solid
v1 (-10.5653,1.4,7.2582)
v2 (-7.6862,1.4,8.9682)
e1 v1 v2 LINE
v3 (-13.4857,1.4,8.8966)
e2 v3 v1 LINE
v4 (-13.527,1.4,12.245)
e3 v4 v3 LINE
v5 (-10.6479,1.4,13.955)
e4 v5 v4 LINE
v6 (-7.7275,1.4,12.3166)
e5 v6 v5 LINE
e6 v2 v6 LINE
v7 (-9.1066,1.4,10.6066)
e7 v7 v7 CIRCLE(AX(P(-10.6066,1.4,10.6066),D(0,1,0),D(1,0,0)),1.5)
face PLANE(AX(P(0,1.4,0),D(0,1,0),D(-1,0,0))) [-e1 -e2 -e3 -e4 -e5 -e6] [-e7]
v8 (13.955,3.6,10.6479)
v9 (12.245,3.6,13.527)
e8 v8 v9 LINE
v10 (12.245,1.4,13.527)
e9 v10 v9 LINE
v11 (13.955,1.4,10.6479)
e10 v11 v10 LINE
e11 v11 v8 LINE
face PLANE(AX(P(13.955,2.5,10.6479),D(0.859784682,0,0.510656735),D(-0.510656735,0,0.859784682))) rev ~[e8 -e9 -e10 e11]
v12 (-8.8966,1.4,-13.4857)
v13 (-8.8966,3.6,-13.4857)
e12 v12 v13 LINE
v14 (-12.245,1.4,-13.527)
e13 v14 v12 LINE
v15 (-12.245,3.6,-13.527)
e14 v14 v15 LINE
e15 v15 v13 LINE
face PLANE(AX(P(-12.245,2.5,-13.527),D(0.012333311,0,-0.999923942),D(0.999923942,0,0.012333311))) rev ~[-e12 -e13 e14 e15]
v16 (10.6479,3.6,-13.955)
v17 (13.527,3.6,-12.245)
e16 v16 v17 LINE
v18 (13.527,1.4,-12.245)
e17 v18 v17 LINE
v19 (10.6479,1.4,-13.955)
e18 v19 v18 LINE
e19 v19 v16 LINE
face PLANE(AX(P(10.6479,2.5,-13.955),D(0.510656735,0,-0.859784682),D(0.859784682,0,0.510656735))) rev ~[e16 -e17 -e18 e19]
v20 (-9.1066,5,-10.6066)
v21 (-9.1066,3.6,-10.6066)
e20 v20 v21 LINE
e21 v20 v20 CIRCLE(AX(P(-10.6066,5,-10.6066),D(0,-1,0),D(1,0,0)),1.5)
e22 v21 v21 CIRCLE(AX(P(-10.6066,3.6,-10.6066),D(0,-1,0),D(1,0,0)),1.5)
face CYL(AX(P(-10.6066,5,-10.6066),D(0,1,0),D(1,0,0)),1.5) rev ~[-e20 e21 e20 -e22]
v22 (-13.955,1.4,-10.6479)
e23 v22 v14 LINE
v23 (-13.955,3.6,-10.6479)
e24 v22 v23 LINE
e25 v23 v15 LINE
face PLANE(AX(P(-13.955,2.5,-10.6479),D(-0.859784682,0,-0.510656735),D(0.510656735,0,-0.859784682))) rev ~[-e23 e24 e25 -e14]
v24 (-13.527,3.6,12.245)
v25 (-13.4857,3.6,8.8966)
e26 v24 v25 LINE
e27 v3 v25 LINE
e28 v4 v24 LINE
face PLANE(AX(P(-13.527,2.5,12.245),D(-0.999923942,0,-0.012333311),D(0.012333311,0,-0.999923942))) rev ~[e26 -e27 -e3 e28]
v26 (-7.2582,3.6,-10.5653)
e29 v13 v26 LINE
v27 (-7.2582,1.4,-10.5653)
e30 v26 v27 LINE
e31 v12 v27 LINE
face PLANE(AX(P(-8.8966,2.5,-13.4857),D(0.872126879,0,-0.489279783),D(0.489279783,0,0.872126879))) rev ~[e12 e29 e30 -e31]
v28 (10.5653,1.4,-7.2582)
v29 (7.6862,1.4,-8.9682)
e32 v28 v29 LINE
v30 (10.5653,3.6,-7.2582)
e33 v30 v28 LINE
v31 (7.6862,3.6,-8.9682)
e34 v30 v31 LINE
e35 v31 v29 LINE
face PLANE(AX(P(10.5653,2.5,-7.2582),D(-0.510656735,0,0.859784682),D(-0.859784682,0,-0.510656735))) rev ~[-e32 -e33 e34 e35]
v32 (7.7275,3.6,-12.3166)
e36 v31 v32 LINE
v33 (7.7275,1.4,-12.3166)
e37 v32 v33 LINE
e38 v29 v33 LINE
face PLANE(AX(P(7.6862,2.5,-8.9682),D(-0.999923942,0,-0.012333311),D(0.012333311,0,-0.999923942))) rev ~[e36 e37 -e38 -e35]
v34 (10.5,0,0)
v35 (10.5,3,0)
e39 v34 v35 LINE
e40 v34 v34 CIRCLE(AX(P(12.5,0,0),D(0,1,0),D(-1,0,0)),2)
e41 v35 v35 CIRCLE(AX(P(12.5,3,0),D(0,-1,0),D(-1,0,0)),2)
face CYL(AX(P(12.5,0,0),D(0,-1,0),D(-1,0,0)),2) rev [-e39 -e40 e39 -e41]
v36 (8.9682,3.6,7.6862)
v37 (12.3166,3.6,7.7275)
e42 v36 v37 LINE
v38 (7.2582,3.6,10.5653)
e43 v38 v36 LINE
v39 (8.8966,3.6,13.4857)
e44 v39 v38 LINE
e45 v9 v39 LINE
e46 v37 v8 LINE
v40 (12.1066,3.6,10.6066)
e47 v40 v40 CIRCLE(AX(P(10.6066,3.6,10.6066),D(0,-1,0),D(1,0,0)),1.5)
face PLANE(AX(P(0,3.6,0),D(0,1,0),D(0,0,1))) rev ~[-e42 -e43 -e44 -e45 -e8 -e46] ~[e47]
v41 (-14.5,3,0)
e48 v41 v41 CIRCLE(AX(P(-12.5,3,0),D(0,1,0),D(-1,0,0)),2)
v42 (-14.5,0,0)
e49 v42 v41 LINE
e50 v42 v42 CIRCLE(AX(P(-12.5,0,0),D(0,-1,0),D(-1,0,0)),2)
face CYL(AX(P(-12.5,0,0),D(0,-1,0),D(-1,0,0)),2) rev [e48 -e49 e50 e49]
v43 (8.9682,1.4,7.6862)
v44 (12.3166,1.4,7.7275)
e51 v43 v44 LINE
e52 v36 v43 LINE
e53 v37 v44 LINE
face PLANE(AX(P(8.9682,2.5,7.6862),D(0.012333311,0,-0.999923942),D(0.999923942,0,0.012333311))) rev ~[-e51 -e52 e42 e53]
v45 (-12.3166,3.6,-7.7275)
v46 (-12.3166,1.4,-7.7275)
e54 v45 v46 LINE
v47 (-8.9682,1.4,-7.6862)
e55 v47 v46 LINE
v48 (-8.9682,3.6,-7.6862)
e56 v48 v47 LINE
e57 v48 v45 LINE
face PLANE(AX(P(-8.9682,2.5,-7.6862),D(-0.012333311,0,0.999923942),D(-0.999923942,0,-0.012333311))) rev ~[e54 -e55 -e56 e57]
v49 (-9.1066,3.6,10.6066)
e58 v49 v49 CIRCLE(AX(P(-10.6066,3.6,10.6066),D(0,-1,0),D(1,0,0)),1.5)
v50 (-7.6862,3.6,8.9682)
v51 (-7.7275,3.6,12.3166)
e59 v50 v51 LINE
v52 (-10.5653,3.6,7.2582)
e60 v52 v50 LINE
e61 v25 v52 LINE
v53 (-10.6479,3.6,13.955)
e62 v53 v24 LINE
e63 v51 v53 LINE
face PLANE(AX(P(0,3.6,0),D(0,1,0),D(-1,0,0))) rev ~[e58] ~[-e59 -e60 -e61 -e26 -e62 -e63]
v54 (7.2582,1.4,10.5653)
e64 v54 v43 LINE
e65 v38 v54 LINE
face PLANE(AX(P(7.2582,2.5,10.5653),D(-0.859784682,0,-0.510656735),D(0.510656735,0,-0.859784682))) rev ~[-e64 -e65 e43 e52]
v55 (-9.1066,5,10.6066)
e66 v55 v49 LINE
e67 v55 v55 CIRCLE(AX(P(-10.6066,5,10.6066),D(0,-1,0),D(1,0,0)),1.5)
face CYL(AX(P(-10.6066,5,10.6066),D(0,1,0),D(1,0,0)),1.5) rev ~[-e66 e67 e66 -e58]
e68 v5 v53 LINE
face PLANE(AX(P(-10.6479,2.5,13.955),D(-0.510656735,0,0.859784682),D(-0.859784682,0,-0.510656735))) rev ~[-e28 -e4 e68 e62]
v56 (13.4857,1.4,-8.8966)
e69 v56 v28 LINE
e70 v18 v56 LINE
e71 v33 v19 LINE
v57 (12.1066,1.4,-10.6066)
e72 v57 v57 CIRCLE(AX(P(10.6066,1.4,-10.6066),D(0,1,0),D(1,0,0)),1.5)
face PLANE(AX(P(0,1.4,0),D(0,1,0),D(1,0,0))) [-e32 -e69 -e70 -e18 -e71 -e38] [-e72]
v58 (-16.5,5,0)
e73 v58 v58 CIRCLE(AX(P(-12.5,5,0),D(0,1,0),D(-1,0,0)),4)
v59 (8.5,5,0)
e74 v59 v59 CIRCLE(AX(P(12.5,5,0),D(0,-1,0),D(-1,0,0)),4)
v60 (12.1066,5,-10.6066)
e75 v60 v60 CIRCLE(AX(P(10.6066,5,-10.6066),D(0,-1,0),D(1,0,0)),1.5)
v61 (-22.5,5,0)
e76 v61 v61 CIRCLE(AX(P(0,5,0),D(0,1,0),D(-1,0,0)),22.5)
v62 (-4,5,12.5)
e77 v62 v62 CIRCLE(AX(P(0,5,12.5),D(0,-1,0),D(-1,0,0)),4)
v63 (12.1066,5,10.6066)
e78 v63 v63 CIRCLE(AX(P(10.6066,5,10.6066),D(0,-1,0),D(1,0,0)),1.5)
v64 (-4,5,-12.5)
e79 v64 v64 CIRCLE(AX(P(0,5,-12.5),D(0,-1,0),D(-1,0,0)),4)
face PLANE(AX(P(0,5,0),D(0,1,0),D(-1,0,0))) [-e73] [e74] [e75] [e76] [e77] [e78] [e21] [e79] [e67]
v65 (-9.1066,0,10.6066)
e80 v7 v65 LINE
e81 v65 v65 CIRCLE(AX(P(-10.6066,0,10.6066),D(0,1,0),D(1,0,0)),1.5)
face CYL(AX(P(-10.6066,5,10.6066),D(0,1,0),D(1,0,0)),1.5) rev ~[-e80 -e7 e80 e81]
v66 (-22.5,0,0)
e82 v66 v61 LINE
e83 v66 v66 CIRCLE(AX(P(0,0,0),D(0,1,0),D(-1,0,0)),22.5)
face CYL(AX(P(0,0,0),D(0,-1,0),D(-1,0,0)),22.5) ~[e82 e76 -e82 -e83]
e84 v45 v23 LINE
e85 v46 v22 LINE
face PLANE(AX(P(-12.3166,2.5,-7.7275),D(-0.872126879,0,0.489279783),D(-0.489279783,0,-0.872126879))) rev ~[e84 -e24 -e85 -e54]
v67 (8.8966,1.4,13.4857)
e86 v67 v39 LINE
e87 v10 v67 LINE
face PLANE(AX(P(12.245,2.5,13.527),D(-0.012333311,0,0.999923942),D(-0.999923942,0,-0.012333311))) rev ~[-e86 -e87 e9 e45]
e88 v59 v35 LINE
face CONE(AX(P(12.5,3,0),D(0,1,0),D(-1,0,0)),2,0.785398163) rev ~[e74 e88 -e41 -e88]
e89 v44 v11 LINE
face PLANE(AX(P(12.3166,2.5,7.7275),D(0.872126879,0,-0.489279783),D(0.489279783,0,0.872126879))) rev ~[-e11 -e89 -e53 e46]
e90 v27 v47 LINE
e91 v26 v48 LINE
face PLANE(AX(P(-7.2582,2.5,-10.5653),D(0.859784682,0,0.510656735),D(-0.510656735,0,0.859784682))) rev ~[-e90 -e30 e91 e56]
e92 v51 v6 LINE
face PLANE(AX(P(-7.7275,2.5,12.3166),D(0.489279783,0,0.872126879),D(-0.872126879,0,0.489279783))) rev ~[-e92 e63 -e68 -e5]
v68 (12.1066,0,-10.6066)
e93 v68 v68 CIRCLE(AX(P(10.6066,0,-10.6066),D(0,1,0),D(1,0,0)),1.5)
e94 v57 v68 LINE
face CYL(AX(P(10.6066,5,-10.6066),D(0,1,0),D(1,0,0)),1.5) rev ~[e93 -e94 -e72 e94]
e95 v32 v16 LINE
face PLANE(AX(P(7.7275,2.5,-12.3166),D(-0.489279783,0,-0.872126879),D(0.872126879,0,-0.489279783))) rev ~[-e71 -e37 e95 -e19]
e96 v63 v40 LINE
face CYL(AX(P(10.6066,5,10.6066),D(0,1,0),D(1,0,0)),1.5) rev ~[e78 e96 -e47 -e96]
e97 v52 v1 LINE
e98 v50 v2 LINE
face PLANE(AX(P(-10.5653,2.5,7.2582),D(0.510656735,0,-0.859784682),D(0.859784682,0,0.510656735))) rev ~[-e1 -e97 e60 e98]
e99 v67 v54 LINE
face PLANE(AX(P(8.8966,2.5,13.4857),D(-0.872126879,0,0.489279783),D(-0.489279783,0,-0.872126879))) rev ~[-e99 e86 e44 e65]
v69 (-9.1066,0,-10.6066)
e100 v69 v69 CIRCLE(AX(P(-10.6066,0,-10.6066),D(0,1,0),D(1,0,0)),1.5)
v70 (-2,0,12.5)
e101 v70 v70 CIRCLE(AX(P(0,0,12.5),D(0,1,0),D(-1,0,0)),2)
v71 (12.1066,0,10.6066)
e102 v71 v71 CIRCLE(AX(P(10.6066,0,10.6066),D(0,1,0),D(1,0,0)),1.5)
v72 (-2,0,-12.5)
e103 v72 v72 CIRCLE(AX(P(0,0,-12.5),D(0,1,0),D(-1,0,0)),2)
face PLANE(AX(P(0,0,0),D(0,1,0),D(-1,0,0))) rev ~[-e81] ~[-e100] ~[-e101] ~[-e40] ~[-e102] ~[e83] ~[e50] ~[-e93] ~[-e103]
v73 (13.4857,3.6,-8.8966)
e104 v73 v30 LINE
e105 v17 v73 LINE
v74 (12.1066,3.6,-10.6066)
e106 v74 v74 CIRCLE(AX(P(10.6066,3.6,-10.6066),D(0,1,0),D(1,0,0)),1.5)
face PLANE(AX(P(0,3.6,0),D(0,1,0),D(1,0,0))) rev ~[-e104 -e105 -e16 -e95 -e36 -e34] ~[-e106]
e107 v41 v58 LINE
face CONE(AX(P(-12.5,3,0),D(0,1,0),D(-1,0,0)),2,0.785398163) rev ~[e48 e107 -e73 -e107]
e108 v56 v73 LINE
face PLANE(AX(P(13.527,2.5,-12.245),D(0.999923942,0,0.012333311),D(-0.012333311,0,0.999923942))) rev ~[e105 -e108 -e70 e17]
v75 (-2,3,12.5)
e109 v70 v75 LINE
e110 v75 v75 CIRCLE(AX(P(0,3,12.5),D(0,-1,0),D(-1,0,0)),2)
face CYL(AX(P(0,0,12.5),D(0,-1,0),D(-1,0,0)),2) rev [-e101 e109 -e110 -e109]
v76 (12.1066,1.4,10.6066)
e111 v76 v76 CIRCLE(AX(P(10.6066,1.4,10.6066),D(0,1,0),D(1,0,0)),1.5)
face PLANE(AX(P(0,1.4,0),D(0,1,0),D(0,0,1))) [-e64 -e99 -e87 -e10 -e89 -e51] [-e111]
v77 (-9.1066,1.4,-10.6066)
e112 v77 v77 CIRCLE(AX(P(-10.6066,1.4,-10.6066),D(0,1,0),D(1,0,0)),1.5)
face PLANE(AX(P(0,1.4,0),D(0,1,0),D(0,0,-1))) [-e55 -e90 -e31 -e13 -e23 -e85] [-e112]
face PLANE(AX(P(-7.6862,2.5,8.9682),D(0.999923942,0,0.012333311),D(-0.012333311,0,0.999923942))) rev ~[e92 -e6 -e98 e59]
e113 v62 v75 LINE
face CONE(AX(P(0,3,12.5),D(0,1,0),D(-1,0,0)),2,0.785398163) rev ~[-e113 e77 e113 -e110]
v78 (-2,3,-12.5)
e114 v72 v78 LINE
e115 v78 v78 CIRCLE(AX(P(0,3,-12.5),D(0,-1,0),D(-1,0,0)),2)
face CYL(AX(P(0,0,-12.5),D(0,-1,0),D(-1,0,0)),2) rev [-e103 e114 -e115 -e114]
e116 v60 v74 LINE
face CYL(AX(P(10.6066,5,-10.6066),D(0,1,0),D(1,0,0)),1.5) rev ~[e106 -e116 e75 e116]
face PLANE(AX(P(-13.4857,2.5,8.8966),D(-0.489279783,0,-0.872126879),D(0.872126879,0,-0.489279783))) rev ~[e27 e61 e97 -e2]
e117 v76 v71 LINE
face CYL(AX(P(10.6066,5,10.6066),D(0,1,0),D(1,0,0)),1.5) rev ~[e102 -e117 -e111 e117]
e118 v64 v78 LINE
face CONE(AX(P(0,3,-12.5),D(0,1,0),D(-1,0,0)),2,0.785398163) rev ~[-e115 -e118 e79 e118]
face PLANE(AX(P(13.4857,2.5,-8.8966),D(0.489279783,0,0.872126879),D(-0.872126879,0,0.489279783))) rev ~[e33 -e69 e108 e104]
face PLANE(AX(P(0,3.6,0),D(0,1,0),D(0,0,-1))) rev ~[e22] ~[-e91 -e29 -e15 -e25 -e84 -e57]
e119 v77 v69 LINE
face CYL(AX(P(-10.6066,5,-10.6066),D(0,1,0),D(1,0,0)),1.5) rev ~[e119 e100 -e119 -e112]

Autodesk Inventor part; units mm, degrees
ref_plane "YZ Plane" through (0, 0, 0) normal (1, 0, 0) x (0, 1, 0)
ref_plane "XZ Plane" through (0, 0, 0) normal (0, 1, 0) x (-1, 0, 0)
sketch "Sketch1" plane through (0, 0, 0) normal (0, 1, 0) x (-1, 0, 0)
  circle A0 centre (0, 0) radius 12.5
  circle A1 centre (12.5, 0) radius 2
  circle A2 centre (0, 12.5) radius 2
  circle A3 centre (-12.5, 0) radius 2
  circle A4 centre (0, -12.5) radius 2
  circle A5 centre (0, 0) radius 22.5
  dimension "d0" = 25
  dimension "d1" = 4
  dimension "d4" = 360
  dimension "d6" = 45
extrude "Extrusion1" add sketch "Sketch1" along normal blind 5 contours A1 A0 A4 A3 A2 | A5
chamfer "Chamfer1" distance 2 angle 45 4 edges at (-10.5, 5, 0) (2, 5, 12.5) (14.5, 5, 0) (2, 5, -12.5)
sketch "Sketch2" plane through (0, 5, 0) normal (0, 1, 0) x (1, 0, 0)
  circle A0 centre (0, 0) radius 15
  line L0 (0, 0) -> (-15, 0)
  line L1 (0, 0) -> (-10.6066, -10.6066)
  circle A1 centre (-10.6066, -10.6066) radius 1.5
  circle A2 centre (10.6066, -10.6066) radius 1.5
  circle A3 centre (10.6066, 10.6066) radius 1.5
  circle A4 centre (-10.6066, 10.6066) radius 1.5
  dimension "d12" = 30
  dimension "d13" = 45
  dimension "d14" = 3
  dimension "d17" = 360
extrude "Extrusion2" cut sketch "Sketch2" against normal blind 5 contours A3 A0 | A0 A3 | A2 A0 | A0 A2 | A4 A0 | A0 A4 | A1 A0 | A0 L1 A1 | A0 A1 L1
ref_plane "Work Plane1" through (0, 2.5, 0) normal (0, 1, 0) x (1, 0, 0)
sketch "Sketch4" plane through (0, 2.5, 0) normal (0, 1, 0) x (1, 0, 0)
  circle A0 centre (10.6066, 10.6066) radius 1.5 projected
  circle A1 centre (10.6066, -10.6066) radius 1.5 projected
  circle A2 centre (-10.6066, -10.6066) radius 1.5 projected
  circle A3 centre (-10.6066, 10.6066) radius 1.5 projected
  line L0 (13.4857, 8.8966) -> (10.5653, 7.2582)
  line L1 (10.5653, 7.2582) -> (7.6862, 8.9682)
  line L2 (7.6862, 8.9682) -> (7.7275, 12.3166)
  line L3 (7.7275, 12.3166) -> (10.6479, 13.955)
  line L4 (10.6479, 13.955) -> (13.527, 12.245)
  line L5 (13.527, 12.245) -> (13.4857, 8.8966)
  point P0 (0, 0)
  dimension "d28" = 5.8
extrude "Extrusion3" cut sketch "Sketch4" along normal mid plane 2.2 contours L0 L1 L2 L3 L4 L5
pattern_circular "Circular Pattern1" count 4 over 360 about axis through (0, 0, 0) along (0, 1, 0) of "Extrusion3"
properties part number "adaptador"
